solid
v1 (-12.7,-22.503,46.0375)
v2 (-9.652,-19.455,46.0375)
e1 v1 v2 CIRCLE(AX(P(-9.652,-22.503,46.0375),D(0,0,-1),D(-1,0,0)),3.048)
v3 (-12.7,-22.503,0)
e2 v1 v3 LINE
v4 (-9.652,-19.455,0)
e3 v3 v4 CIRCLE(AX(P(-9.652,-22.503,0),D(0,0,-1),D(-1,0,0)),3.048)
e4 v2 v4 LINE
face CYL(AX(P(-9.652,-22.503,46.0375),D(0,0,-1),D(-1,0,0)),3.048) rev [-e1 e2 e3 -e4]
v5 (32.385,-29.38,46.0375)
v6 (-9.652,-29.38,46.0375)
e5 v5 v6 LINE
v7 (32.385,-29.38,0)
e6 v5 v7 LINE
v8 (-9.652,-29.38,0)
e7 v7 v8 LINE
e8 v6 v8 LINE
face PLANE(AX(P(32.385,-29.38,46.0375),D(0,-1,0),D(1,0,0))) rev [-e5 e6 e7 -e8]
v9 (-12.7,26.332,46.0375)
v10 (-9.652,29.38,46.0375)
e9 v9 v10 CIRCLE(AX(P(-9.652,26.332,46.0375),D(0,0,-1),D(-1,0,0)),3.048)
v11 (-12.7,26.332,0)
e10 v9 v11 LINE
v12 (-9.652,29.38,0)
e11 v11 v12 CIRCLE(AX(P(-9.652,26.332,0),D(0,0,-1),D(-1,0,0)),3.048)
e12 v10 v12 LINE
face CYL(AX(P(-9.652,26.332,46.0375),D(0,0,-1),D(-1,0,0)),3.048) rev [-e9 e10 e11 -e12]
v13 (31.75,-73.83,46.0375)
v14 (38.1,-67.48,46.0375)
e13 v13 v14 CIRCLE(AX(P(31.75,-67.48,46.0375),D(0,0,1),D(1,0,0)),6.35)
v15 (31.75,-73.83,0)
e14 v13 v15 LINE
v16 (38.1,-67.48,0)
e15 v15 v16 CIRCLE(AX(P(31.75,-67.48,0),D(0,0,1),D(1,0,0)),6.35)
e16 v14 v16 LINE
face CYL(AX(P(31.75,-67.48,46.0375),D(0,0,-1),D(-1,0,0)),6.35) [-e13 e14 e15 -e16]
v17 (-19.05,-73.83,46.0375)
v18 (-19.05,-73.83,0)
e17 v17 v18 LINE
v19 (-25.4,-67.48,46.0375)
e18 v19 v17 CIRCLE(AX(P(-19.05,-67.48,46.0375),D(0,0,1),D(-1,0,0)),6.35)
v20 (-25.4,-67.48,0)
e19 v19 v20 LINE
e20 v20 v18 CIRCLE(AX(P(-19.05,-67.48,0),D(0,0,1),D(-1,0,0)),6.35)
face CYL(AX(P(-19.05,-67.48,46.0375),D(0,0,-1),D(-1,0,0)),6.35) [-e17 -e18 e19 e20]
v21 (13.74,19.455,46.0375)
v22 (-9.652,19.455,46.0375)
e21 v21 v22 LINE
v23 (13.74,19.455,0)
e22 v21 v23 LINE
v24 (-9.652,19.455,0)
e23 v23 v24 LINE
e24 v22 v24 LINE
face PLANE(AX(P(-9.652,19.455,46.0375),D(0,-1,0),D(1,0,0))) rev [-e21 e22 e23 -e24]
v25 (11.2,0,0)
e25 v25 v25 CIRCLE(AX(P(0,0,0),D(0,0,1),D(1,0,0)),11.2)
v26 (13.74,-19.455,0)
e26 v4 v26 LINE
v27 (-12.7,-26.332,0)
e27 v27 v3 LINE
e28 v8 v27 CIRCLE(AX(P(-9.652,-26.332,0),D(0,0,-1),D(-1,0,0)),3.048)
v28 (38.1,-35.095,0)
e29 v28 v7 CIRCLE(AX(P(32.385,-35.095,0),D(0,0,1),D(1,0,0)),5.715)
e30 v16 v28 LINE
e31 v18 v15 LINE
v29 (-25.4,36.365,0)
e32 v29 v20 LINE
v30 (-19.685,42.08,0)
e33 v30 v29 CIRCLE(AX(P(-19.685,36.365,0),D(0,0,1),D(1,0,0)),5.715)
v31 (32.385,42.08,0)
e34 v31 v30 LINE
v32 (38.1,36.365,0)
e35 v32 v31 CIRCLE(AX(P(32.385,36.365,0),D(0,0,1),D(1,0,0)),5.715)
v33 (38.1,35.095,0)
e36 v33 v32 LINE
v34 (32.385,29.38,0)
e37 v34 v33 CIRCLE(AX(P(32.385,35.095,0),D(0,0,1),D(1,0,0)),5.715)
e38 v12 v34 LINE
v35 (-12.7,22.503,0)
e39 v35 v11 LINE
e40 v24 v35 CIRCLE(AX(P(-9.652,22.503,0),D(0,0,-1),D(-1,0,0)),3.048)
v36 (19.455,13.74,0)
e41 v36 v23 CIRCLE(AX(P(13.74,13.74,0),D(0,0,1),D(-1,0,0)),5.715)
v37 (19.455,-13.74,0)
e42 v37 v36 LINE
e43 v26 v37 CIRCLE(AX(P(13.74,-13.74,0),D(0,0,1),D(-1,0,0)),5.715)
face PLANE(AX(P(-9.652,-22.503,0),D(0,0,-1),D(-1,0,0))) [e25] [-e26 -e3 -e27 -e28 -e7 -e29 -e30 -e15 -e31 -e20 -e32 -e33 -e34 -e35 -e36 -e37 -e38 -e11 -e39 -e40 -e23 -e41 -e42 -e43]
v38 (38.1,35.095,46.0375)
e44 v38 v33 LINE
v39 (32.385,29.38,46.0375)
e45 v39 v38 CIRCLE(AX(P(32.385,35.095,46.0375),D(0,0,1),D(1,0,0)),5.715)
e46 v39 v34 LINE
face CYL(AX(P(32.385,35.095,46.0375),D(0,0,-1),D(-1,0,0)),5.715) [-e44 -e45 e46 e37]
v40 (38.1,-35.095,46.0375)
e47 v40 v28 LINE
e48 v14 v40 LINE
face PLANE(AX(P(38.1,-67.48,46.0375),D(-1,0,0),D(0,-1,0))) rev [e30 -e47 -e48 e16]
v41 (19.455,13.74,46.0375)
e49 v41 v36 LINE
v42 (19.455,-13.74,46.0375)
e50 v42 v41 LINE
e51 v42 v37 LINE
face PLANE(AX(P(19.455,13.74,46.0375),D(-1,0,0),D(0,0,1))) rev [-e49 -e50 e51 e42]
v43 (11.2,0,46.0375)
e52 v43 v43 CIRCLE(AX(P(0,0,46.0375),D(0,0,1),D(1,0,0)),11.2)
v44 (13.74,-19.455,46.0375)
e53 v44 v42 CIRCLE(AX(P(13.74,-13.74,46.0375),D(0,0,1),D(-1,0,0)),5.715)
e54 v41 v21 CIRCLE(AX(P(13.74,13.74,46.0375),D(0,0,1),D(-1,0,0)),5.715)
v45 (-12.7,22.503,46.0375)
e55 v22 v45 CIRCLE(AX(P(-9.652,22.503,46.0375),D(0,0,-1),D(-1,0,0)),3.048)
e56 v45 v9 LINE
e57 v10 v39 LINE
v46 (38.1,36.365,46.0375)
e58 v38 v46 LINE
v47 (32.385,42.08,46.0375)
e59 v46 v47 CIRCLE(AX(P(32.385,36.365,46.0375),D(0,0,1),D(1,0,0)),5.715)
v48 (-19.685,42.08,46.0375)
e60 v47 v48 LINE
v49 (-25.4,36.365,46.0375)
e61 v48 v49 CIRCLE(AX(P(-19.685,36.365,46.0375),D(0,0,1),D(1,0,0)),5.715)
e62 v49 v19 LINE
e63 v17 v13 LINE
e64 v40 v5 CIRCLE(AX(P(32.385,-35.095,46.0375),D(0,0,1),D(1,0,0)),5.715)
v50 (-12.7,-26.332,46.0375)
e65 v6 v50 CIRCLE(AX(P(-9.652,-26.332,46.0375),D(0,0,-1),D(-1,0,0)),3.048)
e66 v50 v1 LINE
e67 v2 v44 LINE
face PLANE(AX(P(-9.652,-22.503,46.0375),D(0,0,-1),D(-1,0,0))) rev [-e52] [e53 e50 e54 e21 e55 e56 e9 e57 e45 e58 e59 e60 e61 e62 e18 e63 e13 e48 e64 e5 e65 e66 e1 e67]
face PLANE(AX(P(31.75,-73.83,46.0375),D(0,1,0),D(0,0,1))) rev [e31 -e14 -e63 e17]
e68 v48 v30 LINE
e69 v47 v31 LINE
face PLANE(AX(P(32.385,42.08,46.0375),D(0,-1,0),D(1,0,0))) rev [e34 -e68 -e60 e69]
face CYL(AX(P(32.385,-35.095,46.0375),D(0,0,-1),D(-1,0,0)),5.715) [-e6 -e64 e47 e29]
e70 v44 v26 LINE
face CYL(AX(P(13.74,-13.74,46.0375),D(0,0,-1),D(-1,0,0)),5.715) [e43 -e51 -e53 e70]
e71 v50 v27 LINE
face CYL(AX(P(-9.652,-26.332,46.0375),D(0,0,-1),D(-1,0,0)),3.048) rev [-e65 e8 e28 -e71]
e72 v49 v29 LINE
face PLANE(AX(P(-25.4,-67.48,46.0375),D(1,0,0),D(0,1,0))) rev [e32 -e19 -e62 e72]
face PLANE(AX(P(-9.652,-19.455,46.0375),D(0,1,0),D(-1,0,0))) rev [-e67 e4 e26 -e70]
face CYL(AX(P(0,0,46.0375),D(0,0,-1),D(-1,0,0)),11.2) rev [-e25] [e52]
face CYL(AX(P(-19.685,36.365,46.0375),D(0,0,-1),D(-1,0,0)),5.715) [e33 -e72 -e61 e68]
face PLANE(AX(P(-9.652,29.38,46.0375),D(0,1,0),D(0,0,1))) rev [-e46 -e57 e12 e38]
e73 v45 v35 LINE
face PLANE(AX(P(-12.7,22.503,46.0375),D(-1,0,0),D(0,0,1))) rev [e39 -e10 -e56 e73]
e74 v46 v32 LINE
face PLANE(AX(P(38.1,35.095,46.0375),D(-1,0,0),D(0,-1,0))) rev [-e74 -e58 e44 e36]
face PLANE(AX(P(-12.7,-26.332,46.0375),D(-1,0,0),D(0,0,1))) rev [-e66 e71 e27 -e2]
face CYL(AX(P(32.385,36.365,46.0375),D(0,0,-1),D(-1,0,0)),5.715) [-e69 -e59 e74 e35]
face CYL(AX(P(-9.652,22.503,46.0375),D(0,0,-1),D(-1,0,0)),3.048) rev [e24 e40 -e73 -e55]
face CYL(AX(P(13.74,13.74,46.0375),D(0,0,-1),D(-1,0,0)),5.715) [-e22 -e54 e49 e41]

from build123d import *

# Parameters (mm, degrees)
SKETCH1_R           = 11.2
BOSS_EXTRUDE1_DEPTH = 46.0375


with BuildPart() as part:
    # Sketch1 → Boss-Extrude1 (new body)
    with BuildSketch(Plane.XY):
        with BuildLine():
            Line((-25.4, -67.479999962), (-25.4, 36.365))
            ThreePointArc((-25.4, 36.365), (-23.726115254, 40.406115254), (-19.685, 42.08))
            Line((-19.685, 42.08), (32.385, 42.08))
            ThreePointArc((32.385, 42.08), (36.426115254, 40.406115254), (38.1, 36.365))
            Line((38.1, 36.365), (38.1, 35.095))
            ThreePointArc((38.1, 35.095), (36.426115254, 31.053884746), (32.385, 29.38))
            Line((32.385, 29.38), (-9.652, 29.38))
            ThreePointArc((-9.652, 29.38), (-11.807261469, 28.487261469), (-12.7, 26.332))
            Line((-12.7, 26.332), (-12.7, 22.503))
            ThreePointArc((-12.7, 22.503), (-11.807261469, 20.347738531), (-9.652, 19.455))
            Line((-9.652, 19.455), (0, 19.455))
            Line((0, 19.455), (13.74, 19.455))
            ThreePointArc((13.74, 19.455), (17.781115254, 17.781115254), (19.455, 13.74))
            Line((19.455, 13.74), (19.455, 0))
            Line((19.455, 0), (19.455, -13.74))
            ThreePointArc((19.455, -13.74), (17.781115254, -17.781115254), (13.74, -19.455))
            Line((13.74, -19.455), (0, -19.455))
            Line((0, -19.455), (-9.652, -19.455))
            ThreePointArc((-9.652, -19.455), (-11.807261469, -20.347738531), (-12.7, -22.503))
            Line((-12.7, -22.503), (-12.7, -26.331999962))
            ThreePointArc((-12.7, -26.331999962), (-11.807261469, -28.487261431), (-9.652, -29.379999962))
            Line((-9.652, -29.379999962), (32.385, -29.379999962))
            ThreePointArc((32.385, -29.379999962), (36.426115254, -31.053884708), (38.1, -35.094999962))
            Line((38.1, -35.094999962), (38.1, -67.479999962))
            ThreePointArc((38.1, -67.479999962), (36.240128061, -71.970128023), (31.75, -73.829999962))
            Line((31.75, -73.829999962), (-19.05, -73.829999962))
            ThreePointArc((-19.05, -73.829999962), (-23.540128061, -71.970128023), (-25.4, -67.479999962))
        make_face()
        Circle(SKETCH1_R, mode=Mode.SUBTRACT)
    extrude(amount=BOSS_EXTRUDE1_DEPTH)


solid = part.part
